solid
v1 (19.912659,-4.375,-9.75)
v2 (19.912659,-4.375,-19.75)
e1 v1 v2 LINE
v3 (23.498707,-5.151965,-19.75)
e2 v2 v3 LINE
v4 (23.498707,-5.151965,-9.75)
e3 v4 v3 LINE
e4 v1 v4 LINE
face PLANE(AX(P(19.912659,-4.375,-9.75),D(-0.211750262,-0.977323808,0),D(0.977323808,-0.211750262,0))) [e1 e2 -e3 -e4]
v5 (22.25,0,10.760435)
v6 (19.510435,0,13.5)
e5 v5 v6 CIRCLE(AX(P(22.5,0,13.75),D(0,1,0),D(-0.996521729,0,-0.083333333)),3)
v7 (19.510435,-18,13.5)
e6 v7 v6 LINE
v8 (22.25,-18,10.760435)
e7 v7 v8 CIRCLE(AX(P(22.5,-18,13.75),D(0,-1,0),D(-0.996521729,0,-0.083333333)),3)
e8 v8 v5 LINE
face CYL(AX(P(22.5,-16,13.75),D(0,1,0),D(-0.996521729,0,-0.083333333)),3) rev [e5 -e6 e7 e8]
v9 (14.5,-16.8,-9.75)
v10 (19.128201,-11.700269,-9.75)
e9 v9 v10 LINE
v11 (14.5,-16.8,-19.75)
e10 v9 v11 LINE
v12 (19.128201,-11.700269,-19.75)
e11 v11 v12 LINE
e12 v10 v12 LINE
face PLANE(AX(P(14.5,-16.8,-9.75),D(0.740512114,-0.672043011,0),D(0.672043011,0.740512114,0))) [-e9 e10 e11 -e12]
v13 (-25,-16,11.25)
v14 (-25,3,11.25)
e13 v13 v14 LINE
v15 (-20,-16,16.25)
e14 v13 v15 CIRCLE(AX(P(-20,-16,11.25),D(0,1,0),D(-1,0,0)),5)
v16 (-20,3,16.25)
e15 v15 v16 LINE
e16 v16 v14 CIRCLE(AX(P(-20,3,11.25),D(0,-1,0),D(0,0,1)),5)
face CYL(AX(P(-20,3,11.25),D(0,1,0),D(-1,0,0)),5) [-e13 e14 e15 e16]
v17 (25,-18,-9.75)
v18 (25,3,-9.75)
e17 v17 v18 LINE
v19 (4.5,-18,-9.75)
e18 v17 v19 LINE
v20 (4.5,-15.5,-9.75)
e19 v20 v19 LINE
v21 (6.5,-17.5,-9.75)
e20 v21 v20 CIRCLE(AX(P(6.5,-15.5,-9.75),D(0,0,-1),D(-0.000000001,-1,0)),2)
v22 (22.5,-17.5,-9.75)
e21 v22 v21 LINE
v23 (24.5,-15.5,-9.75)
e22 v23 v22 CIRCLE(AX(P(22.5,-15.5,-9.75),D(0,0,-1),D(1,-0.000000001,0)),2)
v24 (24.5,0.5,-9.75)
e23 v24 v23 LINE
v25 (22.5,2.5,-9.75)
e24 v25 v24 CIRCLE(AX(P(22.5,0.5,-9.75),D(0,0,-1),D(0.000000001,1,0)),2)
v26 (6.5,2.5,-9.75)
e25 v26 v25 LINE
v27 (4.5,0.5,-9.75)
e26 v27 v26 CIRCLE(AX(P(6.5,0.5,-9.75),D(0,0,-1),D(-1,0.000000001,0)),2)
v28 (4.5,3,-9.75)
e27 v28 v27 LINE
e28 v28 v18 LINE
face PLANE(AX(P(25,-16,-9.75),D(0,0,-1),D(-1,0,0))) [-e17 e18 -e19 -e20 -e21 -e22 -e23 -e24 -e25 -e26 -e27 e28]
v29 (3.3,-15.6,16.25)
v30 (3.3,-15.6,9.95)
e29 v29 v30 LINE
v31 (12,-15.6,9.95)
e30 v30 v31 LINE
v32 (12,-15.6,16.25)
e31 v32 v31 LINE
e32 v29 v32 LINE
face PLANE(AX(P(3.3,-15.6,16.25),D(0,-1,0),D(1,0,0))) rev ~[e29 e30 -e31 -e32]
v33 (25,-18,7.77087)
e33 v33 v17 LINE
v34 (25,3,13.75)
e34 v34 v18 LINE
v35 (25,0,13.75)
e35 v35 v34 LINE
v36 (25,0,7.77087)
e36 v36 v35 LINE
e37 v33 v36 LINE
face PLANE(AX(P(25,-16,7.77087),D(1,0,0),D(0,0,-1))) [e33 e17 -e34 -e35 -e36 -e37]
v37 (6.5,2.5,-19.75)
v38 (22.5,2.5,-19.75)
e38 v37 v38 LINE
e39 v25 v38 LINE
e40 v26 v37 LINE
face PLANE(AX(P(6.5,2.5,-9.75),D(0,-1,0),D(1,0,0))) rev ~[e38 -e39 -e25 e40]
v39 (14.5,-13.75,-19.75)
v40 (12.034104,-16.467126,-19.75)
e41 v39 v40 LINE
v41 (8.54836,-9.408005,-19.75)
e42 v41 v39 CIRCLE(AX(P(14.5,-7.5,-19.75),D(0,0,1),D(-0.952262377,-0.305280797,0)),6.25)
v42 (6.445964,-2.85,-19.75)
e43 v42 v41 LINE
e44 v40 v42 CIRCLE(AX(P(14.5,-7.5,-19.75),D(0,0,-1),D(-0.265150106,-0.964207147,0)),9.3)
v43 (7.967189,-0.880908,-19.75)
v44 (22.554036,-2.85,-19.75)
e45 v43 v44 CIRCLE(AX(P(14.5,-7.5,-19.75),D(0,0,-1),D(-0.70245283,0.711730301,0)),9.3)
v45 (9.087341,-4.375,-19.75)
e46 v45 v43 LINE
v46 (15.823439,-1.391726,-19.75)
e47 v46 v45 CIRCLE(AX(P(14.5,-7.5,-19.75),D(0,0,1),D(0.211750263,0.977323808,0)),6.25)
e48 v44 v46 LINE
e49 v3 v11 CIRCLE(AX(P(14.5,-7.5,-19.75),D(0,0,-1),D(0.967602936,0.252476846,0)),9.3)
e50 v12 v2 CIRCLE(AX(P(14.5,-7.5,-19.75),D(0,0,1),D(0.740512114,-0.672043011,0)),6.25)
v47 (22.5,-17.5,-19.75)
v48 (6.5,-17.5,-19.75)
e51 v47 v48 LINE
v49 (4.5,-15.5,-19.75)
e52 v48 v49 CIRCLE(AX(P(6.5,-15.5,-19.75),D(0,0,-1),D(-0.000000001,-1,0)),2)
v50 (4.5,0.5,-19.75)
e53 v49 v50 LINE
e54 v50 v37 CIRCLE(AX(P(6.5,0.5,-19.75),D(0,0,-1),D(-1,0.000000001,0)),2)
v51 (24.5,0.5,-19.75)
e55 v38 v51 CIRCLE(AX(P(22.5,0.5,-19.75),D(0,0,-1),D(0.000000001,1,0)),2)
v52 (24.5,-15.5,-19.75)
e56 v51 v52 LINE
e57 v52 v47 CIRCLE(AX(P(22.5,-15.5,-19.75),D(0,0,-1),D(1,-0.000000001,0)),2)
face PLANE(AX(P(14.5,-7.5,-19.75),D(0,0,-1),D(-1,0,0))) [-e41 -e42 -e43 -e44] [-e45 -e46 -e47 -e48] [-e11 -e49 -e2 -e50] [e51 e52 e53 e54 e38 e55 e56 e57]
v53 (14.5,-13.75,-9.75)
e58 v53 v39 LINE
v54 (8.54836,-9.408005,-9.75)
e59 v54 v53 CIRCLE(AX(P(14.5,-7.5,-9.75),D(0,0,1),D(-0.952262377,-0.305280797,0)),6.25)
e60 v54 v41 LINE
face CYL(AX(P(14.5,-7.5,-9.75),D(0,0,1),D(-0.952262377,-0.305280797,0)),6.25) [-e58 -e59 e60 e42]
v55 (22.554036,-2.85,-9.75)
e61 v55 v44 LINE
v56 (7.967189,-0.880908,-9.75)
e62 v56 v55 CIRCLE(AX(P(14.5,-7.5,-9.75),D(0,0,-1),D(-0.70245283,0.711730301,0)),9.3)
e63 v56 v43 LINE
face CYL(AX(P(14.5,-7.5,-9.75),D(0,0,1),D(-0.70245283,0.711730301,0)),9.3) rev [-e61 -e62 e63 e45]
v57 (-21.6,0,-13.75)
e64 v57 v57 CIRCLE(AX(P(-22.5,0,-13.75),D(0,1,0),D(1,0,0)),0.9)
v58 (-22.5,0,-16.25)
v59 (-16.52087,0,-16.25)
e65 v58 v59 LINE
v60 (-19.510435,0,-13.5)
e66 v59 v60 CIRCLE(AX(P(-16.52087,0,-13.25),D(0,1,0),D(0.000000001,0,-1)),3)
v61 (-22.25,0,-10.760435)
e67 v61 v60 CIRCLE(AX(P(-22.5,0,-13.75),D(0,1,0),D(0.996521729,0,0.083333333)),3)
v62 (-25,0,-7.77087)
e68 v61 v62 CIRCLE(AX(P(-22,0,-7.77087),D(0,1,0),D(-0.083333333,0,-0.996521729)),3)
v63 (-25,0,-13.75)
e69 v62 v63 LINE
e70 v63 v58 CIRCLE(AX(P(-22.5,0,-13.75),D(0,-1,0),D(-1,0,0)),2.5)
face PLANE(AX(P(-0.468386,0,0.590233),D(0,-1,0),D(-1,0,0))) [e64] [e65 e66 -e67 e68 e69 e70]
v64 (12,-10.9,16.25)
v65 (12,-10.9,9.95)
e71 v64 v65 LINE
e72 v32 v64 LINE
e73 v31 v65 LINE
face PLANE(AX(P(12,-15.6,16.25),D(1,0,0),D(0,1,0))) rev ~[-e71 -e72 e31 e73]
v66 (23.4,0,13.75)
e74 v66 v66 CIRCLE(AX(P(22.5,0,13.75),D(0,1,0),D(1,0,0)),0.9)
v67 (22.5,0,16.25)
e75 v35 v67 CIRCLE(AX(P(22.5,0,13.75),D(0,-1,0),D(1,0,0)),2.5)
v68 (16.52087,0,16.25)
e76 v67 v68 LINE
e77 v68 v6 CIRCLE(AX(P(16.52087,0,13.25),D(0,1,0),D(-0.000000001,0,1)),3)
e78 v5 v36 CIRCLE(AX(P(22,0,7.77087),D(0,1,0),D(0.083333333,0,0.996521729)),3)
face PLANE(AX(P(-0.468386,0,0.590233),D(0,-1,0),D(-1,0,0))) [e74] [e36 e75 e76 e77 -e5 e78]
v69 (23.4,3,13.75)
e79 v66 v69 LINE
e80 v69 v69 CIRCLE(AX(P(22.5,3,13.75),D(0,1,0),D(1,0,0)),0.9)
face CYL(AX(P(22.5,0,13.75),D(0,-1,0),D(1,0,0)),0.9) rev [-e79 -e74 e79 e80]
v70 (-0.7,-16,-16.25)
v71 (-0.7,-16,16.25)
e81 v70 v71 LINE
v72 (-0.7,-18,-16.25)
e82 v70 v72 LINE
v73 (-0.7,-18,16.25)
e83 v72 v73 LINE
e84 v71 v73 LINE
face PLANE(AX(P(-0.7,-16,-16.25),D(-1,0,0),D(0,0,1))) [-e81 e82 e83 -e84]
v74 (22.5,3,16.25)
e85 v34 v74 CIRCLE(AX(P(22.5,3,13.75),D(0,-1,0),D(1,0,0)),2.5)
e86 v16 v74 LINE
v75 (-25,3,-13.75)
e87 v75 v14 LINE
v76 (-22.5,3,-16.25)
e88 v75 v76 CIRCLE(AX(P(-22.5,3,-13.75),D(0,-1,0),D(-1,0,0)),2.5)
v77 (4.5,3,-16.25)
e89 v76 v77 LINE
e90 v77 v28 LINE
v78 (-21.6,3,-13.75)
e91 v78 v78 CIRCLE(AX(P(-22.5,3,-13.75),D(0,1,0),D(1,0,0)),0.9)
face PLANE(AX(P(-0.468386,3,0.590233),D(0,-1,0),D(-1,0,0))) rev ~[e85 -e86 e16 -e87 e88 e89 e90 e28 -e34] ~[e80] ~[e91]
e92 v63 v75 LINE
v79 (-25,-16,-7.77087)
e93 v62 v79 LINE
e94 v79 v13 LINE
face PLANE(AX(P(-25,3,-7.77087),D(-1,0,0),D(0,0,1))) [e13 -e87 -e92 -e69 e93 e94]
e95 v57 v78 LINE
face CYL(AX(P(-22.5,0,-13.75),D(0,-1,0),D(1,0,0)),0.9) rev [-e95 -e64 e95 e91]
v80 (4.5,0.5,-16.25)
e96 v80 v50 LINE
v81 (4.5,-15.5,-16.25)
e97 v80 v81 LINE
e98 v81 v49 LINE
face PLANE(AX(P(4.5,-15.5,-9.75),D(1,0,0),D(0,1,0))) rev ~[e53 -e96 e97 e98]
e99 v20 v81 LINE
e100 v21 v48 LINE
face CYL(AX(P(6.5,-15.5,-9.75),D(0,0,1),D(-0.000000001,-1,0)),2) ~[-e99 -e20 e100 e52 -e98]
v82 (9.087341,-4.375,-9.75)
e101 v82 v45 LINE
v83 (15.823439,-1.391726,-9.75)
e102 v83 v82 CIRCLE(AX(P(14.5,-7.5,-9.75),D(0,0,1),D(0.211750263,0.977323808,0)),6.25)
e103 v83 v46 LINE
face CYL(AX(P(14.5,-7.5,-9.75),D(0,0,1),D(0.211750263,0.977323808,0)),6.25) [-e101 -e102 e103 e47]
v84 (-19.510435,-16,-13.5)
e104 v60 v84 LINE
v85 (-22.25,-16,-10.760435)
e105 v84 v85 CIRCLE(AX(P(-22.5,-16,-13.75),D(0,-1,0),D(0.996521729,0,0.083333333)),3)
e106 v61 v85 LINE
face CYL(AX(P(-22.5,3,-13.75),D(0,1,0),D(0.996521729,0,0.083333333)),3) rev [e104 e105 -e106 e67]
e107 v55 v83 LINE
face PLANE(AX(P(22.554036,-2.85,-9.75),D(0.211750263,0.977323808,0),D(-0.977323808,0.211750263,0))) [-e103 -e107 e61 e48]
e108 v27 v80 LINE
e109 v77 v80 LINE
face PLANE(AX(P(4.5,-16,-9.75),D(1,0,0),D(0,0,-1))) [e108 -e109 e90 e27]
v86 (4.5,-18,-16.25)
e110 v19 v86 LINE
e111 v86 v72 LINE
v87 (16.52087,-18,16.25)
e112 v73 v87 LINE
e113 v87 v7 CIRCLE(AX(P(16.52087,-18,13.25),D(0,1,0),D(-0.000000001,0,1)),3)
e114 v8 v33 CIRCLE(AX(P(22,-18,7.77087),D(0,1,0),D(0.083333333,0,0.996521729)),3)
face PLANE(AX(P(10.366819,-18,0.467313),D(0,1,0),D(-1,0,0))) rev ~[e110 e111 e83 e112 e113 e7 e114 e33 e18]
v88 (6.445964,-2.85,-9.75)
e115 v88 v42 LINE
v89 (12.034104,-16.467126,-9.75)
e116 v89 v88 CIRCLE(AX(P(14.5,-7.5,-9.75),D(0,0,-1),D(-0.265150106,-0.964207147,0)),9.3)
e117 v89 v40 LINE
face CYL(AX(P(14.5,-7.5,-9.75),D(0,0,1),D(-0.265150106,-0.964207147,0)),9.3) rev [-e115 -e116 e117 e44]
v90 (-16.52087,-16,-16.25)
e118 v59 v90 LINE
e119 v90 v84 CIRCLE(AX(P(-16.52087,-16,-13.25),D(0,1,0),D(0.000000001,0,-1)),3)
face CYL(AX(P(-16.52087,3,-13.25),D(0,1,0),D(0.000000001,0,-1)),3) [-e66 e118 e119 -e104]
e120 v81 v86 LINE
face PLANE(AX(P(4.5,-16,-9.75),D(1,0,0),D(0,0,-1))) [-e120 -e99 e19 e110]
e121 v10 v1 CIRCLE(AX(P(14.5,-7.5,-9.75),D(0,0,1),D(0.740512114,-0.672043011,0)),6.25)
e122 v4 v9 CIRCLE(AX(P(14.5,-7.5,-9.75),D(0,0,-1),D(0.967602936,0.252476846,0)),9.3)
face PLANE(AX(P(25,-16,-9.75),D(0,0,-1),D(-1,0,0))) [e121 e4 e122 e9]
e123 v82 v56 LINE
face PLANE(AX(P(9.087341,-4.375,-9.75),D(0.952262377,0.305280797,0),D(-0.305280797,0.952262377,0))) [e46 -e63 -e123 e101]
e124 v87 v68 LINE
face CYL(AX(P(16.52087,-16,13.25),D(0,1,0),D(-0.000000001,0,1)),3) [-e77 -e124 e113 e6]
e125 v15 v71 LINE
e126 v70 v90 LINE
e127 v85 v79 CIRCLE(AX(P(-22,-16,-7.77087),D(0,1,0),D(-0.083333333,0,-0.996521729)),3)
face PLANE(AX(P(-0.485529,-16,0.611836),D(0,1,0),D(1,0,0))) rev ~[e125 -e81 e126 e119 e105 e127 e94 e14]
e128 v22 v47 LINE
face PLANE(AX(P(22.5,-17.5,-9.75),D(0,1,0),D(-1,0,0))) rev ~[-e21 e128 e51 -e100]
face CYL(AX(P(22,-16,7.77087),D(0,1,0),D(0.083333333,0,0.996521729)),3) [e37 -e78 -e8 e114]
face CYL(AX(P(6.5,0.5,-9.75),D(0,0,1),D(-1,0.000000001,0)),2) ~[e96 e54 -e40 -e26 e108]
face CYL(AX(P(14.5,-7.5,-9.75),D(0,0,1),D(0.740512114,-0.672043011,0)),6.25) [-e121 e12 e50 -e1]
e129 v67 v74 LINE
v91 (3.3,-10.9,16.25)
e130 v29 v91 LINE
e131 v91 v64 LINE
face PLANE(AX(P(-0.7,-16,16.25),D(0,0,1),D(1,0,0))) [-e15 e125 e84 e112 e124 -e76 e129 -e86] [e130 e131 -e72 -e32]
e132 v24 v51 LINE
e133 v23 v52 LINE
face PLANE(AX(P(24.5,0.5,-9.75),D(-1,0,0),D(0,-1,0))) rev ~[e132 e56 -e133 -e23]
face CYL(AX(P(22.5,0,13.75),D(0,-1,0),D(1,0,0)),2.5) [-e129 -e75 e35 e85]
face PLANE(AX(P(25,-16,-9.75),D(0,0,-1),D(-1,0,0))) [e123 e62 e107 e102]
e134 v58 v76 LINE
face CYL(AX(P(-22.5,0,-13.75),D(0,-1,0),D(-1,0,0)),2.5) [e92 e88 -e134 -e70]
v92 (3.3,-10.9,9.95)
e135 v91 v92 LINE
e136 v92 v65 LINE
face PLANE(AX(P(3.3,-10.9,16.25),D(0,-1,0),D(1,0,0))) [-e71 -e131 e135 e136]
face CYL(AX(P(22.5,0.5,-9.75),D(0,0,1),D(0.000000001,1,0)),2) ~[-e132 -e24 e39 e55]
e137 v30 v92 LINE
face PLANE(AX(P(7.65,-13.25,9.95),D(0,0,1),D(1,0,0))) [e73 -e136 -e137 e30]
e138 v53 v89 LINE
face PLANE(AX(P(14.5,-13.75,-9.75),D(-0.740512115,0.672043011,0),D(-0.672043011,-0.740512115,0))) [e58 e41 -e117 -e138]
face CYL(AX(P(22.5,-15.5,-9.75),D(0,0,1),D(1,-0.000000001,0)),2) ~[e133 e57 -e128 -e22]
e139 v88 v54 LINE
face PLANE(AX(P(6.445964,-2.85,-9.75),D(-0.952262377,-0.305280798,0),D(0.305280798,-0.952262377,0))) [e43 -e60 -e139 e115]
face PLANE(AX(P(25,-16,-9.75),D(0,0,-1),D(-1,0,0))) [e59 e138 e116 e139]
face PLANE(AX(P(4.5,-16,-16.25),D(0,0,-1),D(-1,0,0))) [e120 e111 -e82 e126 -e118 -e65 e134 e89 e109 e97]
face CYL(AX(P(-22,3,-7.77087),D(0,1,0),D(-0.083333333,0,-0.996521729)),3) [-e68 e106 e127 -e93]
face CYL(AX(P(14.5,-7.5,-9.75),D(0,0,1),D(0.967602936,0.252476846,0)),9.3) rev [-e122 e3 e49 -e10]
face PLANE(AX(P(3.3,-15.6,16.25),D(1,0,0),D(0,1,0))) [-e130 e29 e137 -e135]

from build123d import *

# Parameters (mm, degrees)
SKETCH_1_R          = 0.9
EXTRUDE_1_DEPTH     = 3
EXTRUDE_2_DEPTH     = 19
EXTRUDE_3_DEPTH     = 2
SKETCH_5_W          = 8.7
SKETCH_5_H          = 4.7
CUT_EXTRUDE_1_DEPTH = 6.3
EXTRUDE_4_DEPTH     = 10


with BuildPart() as part:
    # 草图1 → 凸台-拉伸1 (new body)
    with BuildSketch(Plane(origin=(0, 0, 0), x_dir=(1, 0, 0), z_dir=(0, 1, 0))):
        with BuildLine():
            Line((4.5, 16.25), (4.5, 9.75))
            Line((4.5, 9.75), (25, 9.75))
            Line((25, 9.75), (25, -13.75))
            ThreePointArc((25, -13.75), (24.267766953, -15.517766953), (22.5, -16.25))
            Line((22.5, -16.25), (-20, -16.25))
            ThreePointArc((-20, -16.25), (-23.535533906, -14.785533906), (-25, -11.25))
            Line((-25, -11.25), (-25, 13.75))
            ThreePointArc((-25, 13.75), (-24.267766953, 15.517766953), (-22.5, 16.25))
            Line((-22.5, 16.25), (4.5, 16.25))
        make_face()
        with Locations((-22.5, 13.75)):
            Circle(SKETCH_1_R, mode=Mode.SUBTRACT)
        with Locations((22.5, -13.75)):
            Circle(SKETCH_1_R, mode=Mode.SUBTRACT)
    extrude(amount=EXTRUDE_1_DEPTH)

    # 草图2 → 凸台-拉伸2 (add)
    with BuildSketch(Plane(origin=(0, 3, 0), x_dir=(1, 0, 0), z_dir=(0, 1, 0))):
        with BuildLine():
            Line((4.5, 16.25), (-16.520869628, 16.25))
            ThreePointArc((-16.520869628, 16.25), (-18.55187923, 15.457940217), (-19.510434814, 13.5))
            ThreePointArc((-19.510434814, 13.5), (-20.378679656, 11.628679656), (-22.25, 10.760434814))
            ThreePointArc((-22.25, 10.760434814), (-24.207940217, 9.80187923), (-25, 7.770869628))
            Line((-25, 7.770869628), (-25, -11.25))
            ThreePointArc((-25, -11.25), (-23.535533906, -14.785533906), (-20, -16.25))
            Line((-20, -16.25), (16.520869628, -16.25))
            ThreePointArc((16.520869628, -16.25), (18.55187923, -15.457940217), (19.510434814, -13.5))
            ThreePointArc((19.510434814, -13.5), (20.378679656, -11.628679656), (22.25, -10.760434814))
            ThreePointArc((22.25, -10.760434814), (24.207940217, -9.80187923), (25, -7.770869628))
            Line((25, -7.770869628), (25, 9.75))
            Line((25, 9.75), (4.5, 9.75))
            Line((4.5, 9.75), (4.5, 16.25))
        make_face()
    extrude(amount=-EXTRUDE_2_DEPTH)

    # 草图4 → 凸台-拉伸3 (add)
    with BuildSketch(Plane.XZ.offset(16)):
        with BuildLine():
            Line((-0.7, -16.25), (-0.7, 16.25))
            Line((-0.7, 16.25), (16.520869628, 16.25))
            ThreePointArc((16.520869628, 16.25), (18.55187923, 15.457940217), (19.510434814, 13.5))
            ThreePointArc((19.510434814, 13.5), (20.378679656, 11.628679656), (22.25, 10.760434814))
            ThreePointArc((22.25, 10.760434814), (24.207940217, 9.80187923), (25, 7.770869628))
            Line((25, 7.770869628), (25, -9.75))
            Line((25, -9.75), (4.5, -9.75))
            Line((4.5, -9.75), (4.5, -16.25))
            Line((4.5, -16.25), (-0.7, -16.25))
        make_face()
    extrude(amount=EXTRUDE_3_DEPTH)

    # 草图5 → 切除-拉伸1 (cut)
    with BuildSketch(Plane.XY.offset(16.25)):
        with Locations((7.65, -13.25)):
            Rectangle(SKETCH_5_W, SKETCH_5_H)
    extrude(amount=-CUT_EXTRUDE_1_DEPTH, mode=Mode.SUBTRACT)

    # 草图6 → 凸台-拉伸4 (add)
    with BuildSketch(Plane(origin=(0, 0, -9.75), x_dir=(-1, 0, 0), z_dir=(0, 0, -1))):
        with BuildLine():
            Line((-6.5, 2.5), (-22.5, 2.5))
            ThreePointArc((-22.5, 2.5), (-23.914213562, 1.914213562), (-24.5, 0.5))
            Line((-24.5, 0.5), (-24.5, -15.5))
            ThreePointArc((-24.5, -15.5), (-23.914213562, -16.914213562), (-22.5, -17.5))
            Line((-22.5, -17.5), (-6.5, -17.5))
            ThreePointArc((-6.5, -17.5), (-5.085786438, -16.914213562), (-4.5, -15.5))
            Line((-4.5, -15.5), (-4.5, 0.5))
            ThreePointArc((-4.5, 0.5), (-5.085786438, 1.914213562), (-6.5, 2.5))
        make_face()
        with BuildLine():
            Line((-14.5, -13.75), (-12.034104017, -16.467126463))
            ThreePointArc((-12.034104017, -16.467126463), (-5.896292843, -11.030753907), (-6.445963745, -2.85))
            Line((-6.445963745, -2.85), (-8.548360144, -9.408004985))
            ThreePointArc((-8.548360144, -9.408004985), (-10.816423691, -12.549135132), (-14.5, -13.75))
        make_face(mode=Mode.SUBTRACT)
        with BuildLine():
            Line((-14.5, -16.8), (-19.128200716, -11.700268817))
            ThreePointArc((-19.128200716, -11.700268817), (-20.714467446, -8.165503094), (-19.912658774, -4.375))
            Line((-19.912658774, -4.375), (-23.498707307, -5.151965333))
            ThreePointArc((-23.498707307, -5.151965333), (-21.859576156, -13.185652012), (-14.5, -16.8))
        make_face(mode=Mode.SUBTRACT)
        with BuildLine():
            Line((-22.554036255, -2.85), (-15.823439141, -1.391726198))
            ThreePointArc((-15.823439141, -1.391726198), (-11.969108863, -1.785361774), (-9.087341226, -4.375))
            Line((-9.087341226, -4.375), (-7.967188676, -0.880908204))
            ThreePointArc((-7.967188676, -0.880908204), (-15.744131001, 1.716405918), (-22.554036255, -2.85))
        make_face(mode=Mode.SUBTRACT)
    extrude(amount=EXTRUDE_4_DEPTH)


solid = part.part
